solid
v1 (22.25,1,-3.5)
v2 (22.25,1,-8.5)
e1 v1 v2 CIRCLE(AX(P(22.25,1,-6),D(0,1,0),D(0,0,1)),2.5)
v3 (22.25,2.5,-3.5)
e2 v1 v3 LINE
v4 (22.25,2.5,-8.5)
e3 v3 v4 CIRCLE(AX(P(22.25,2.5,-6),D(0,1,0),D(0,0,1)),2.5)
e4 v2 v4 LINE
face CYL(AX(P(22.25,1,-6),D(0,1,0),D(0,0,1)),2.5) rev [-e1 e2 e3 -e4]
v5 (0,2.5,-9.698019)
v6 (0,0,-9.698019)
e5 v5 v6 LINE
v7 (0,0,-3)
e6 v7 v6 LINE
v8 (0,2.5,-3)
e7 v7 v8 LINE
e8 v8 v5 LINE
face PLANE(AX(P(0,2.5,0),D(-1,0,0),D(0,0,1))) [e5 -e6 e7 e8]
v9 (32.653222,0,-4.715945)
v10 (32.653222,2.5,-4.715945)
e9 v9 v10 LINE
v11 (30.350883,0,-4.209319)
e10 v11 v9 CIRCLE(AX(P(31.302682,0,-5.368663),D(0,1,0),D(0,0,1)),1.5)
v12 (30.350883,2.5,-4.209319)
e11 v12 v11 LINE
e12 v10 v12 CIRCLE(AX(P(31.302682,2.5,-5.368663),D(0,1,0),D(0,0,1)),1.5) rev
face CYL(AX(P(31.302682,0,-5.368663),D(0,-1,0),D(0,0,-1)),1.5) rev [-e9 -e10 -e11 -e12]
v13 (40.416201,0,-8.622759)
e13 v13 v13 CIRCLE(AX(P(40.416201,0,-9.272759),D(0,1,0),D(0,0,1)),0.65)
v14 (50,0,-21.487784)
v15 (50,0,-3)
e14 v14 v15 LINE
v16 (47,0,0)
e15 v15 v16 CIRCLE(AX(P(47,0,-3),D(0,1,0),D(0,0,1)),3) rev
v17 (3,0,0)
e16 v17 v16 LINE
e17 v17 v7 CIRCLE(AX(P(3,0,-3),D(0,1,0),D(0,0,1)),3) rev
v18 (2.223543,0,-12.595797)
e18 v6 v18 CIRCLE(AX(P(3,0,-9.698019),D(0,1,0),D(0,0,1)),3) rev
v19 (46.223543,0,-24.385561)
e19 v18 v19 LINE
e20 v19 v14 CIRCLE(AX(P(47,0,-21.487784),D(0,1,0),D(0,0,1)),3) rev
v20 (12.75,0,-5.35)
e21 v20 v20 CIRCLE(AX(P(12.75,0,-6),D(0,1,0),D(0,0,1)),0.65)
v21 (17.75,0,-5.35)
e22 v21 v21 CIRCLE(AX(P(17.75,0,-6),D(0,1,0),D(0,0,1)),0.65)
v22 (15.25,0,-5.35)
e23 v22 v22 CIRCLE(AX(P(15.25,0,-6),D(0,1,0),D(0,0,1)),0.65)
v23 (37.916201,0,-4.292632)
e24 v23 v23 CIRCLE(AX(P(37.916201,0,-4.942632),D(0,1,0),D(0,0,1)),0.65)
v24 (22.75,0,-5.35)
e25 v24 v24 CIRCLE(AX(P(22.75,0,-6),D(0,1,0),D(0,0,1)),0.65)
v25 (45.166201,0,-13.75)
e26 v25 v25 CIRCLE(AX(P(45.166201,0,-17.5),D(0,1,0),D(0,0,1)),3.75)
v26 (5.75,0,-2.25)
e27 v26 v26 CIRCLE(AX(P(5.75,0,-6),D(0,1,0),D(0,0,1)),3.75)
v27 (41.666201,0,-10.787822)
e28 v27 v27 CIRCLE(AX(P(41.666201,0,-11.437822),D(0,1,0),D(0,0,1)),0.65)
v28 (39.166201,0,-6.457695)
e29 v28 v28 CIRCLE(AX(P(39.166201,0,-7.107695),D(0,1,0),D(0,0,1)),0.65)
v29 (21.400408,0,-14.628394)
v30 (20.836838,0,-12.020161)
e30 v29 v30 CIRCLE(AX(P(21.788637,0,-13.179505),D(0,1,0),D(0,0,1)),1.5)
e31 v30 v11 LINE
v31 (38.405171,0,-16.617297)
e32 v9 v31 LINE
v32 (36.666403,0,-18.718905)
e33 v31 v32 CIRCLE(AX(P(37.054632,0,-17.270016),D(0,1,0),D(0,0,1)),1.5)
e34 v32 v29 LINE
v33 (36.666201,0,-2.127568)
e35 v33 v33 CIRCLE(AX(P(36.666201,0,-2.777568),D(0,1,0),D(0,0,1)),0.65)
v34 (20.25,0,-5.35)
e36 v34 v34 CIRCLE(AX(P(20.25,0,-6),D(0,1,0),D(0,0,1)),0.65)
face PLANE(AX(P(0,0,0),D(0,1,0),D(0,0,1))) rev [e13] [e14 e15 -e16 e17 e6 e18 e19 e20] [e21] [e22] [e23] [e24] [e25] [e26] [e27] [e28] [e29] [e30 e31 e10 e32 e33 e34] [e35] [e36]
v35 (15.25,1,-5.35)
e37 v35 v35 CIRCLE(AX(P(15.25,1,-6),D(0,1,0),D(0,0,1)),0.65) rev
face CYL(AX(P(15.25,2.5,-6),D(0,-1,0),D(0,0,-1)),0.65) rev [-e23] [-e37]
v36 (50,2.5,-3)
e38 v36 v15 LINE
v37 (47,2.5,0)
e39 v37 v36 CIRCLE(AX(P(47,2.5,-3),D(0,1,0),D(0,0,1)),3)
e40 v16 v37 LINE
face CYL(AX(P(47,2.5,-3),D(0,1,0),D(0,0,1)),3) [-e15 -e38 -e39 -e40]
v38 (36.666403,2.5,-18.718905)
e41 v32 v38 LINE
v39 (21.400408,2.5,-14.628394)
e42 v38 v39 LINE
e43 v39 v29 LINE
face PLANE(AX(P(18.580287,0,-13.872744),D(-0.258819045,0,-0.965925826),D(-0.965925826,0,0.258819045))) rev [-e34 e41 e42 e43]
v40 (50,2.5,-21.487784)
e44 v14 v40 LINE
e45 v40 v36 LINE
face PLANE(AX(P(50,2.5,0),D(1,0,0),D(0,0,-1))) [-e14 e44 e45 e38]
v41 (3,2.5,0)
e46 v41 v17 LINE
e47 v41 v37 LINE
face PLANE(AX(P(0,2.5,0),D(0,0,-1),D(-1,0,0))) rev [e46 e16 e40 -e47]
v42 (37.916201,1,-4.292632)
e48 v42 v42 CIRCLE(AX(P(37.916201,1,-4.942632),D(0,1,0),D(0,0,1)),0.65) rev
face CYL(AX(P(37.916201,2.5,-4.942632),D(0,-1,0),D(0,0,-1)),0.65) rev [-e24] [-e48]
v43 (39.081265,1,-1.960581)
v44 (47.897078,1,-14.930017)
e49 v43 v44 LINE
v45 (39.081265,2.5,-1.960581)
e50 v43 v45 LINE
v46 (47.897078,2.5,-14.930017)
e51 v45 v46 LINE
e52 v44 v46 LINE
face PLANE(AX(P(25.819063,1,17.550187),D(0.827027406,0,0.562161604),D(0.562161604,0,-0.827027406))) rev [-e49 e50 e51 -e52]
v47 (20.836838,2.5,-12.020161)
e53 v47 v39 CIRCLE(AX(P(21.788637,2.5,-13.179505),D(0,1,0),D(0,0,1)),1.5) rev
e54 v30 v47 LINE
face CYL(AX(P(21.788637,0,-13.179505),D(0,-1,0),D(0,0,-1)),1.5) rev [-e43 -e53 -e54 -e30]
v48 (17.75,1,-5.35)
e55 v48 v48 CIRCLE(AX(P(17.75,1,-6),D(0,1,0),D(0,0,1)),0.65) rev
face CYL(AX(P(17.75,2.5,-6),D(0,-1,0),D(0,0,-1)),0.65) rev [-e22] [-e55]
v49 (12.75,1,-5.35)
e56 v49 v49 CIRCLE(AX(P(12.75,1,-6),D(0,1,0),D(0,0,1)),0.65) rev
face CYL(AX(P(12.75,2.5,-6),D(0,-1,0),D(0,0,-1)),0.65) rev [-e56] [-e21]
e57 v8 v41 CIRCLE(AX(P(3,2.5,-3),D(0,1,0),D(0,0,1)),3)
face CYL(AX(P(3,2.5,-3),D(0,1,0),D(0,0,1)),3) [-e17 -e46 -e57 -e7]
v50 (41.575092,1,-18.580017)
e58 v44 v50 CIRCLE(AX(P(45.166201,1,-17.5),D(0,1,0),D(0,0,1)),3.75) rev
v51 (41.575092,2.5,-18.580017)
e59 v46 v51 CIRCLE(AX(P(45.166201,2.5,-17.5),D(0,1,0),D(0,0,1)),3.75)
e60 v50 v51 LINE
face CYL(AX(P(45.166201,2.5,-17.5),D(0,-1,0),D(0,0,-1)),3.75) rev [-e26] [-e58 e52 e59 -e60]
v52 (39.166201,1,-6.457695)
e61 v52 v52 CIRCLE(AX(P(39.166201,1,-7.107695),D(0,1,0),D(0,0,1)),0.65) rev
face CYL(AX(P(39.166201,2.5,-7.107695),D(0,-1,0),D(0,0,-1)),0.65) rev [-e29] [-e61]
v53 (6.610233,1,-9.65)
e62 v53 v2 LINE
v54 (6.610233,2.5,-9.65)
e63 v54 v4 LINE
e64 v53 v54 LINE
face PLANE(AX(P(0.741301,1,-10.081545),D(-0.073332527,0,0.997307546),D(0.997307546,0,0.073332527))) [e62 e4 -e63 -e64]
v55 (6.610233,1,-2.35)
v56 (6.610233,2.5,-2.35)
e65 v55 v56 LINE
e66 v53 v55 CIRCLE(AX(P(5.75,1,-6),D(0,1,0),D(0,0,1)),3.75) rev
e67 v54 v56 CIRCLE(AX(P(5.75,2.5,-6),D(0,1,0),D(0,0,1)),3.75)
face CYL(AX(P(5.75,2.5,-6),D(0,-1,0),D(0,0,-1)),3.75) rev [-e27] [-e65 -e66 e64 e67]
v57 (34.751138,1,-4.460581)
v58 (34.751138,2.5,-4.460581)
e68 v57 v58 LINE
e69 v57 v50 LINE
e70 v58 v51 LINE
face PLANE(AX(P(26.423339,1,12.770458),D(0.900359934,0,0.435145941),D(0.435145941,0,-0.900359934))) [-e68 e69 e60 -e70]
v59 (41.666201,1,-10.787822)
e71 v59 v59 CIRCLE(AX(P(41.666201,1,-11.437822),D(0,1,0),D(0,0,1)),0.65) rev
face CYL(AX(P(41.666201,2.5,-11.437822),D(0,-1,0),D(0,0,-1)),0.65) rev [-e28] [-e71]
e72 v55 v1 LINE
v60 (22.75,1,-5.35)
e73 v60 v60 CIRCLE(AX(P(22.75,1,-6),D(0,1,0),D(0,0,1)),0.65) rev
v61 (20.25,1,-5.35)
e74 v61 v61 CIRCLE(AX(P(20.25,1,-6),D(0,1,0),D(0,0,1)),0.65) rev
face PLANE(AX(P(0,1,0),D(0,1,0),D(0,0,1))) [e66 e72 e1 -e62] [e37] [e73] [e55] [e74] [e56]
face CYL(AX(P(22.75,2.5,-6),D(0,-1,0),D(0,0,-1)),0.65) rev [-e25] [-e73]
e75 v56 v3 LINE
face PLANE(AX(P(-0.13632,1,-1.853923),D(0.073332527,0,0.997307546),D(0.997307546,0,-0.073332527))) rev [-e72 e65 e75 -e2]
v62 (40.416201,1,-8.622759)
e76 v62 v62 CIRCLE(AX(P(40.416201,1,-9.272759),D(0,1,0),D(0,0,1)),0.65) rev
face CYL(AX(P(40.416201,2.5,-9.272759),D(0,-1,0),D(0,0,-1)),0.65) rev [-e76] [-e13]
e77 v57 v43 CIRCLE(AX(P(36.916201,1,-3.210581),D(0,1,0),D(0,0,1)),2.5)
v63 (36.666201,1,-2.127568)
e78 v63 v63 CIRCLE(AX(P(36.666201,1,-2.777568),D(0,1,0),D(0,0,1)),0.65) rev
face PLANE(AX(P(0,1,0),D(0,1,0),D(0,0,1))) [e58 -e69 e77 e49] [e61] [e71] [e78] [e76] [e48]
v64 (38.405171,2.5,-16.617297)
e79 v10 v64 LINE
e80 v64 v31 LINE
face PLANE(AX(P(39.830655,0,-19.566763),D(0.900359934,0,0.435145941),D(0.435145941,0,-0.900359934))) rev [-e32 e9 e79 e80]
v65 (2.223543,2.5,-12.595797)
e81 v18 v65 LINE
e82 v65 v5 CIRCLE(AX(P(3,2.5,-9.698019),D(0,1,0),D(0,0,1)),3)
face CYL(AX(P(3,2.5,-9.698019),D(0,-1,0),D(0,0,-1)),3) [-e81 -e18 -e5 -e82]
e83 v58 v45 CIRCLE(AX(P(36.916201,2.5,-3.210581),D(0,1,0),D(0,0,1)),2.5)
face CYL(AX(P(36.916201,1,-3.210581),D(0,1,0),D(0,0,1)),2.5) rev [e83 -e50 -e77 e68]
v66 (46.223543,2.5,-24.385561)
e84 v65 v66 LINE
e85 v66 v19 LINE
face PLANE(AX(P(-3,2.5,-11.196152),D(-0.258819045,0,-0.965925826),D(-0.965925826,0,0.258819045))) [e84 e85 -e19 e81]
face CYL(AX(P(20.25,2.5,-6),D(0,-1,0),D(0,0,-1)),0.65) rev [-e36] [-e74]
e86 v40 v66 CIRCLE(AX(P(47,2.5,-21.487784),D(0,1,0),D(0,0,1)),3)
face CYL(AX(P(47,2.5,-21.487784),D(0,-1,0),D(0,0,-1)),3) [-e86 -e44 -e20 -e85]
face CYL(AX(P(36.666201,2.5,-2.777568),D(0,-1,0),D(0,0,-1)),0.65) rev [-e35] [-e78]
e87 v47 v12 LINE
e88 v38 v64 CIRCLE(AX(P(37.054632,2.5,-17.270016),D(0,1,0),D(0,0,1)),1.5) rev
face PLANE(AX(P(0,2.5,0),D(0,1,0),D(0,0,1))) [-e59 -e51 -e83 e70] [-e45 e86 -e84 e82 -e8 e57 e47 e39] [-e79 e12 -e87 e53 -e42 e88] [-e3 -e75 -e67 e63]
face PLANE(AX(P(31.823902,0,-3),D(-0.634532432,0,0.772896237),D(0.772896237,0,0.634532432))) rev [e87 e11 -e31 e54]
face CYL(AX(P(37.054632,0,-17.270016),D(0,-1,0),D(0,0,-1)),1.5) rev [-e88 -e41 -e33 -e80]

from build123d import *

# Parameters (mm, degrees)
SKETCH1_R           = 3.75
SKETCH1_R_2         = 0.65
BOSS_EXTRUDE1_DEPTH = 2.5
CUT_EXTRUDE1_START  = -1.5
SKETCH2_R           = 0.65
CUT_EXTRUDE1_DEPTH  = 1.5
FILLET1_R           = 3
CUT_EXTRUDE3_DEPTH  = 56.730615831
FILLET2_R           = 1.5


with BuildPart() as part:
    # Sketch1 → Boss-Extrude1 (new body)
    with BuildSketch(Plane(origin=(0, 0, 0), x_dir=(1, 0, 0), z_dir=(0, 1, 0))):
        Polygon((0, 0), (0, 12), (50, 25.397459622), (50, 0), align=None)
        with Locations(Location((5.75, 6, 0), (0, 0, 270))):
            Circle(SKETCH1_R, mode=Mode.SUBTRACT)
        with Locations(Location((22.75, 6, 0), (0, 0, 270))):
            Circle(SKETCH1_R_2, mode=Mode.SUBTRACT)
        with Locations(Location((45.166201183, 17.5, 0), (0, 0, 270))):
            Circle(SKETCH1_R, mode=Mode.SUBTRACT)
        with Locations(Location((36.666201183, 2.777568136, 0), (0, 0, 270))):
            Circle(SKETCH1_R_2, mode=Mode.SUBTRACT)
        with Locations(Location((37.916201183, 4.942631645, 0), (0, 0, 270))):
            Circle(SKETCH1_R_2, mode=Mode.SUBTRACT)
        with Locations(Location((39.166201183, 7.107695155, 0), (0, 0, 270))):
            Circle(SKETCH1_R_2, mode=Mode.SUBTRACT)
        with Locations(Location((40.416201183, 9.272758664, 0), (0, 0, 270))):
            Circle(SKETCH1_R_2, mode=Mode.SUBTRACT)
        with Locations(Location((41.666201183, 11.437822174, 0), (0, 0, 270))):
            Circle(SKETCH1_R_2, mode=Mode.SUBTRACT)
        with Locations(Location((20.25, 6, 0), (0, 0, 270))):
            Circle(SKETCH1_R_2, mode=Mode.SUBTRACT)
        with Locations(Location((17.75, 6, 0), (0, 0, 270))):
            Circle(SKETCH1_R_2, mode=Mode.SUBTRACT)
        with Locations(Location((15.25, 6, 0), (0, 0, 270))):
            Circle(SKETCH1_R_2, mode=Mode.SUBTRACT)
        with Locations(Location((12.75, 6, 0), (0, 0, 270))):
            Circle(SKETCH1_R_2, mode=Mode.SUBTRACT)
    extrude(amount=BOSS_EXTRUDE1_DEPTH)

    # Sketch2 → Cut-Extrude1 (cut)
    # profile 1 of 3: a face of its own
    with BuildSketch(Plane(origin=(0, 2.5, 0), x_dir=(1, 0, 0), z_dir=(0, 1, 0)).offset(CUT_EXTRUDE1_START)):
        with BuildLine():
            Line((22.25, 8.5), (6.610232527, 9.65))
            ThreePointArc((6.610232527, 9.65), (8.690099656, 8.32772722), (9.5, 6))
            ThreePointArc((9.5, 6), (8.690099656, 3.67227278), (6.610232527, 2.35))
            Line((6.610232527, 2.35), (22.25, 3.5))
            ThreePointArc((22.25, 3.5), (24.75, 6), (22.25, 8.5))
        make_face()
        with Locations(Location((12.75, 6, 0), (0, 0, 270))):
            Circle(SKETCH2_R, mode=Mode.SUBTRACT)
        with Locations(Location((15.25, 6, 0), (0, 0, 270))):
            Circle(SKETCH2_R, mode=Mode.SUBTRACT)
        with Locations(Location((17.75, 6, 0), (0, 0, 270))):
            Circle(SKETCH2_R, mode=Mode.SUBTRACT)
        with Locations(Location((20.25, 6, 0), (0, 0, 270))):
            Circle(SKETCH2_R, mode=Mode.SUBTRACT)
        with Locations(Location((22.75, 6, 0), (0, 0, 270))):
            Circle(SKETCH2_R, mode=Mode.SUBTRACT)
    # profile 2 of 3: a face of its own
    with BuildSketch(Plane(origin=(0, 2.5, 0), x_dir=(1, 0, 0), z_dir=(0, 1, 0)).offset(CUT_EXTRUDE1_START)):
        with BuildLine():
            ThreePointArc((47.897077643, 14.930016779), (45.712022261, 13.789935398), (43.291201183, 14.252404736))
            Line((43.291201183, 14.252404736), (41.991201183, 12.000738686))
            ThreePointArc((41.991201183, 12.000738686), (42.229117695, 11.762822174), (42.316201183, 11.437822174))
            ThreePointArc((42.316201183, 11.437822174), (41.991201183, 10.874905661), (41.341201183, 10.874905661))
            Line((41.341201183, 10.874905661), (40.741201183, 9.835675177))
            ThreePointArc((40.741201183, 9.835675177), (40.979117695, 9.597758664), (41.066201183, 9.272758664))
            ThreePointArc((41.066201183, 9.272758664), (40.741201183, 8.709842152), (40.091201183, 8.709842152))
            Line((40.091201183, 8.709842152), (39.491201183, 7.670611667))
            ThreePointArc((39.491201183, 7.670611667), (39.729117695, 7.432695155), (39.816201183, 7.107695155))
            ThreePointArc((39.816201183, 7.107695155), (39.491201183, 6.544778642), (38.841201183, 6.544778642))
            Line((38.841201183, 6.544778642), (38.241201183, 5.505548158))
            ThreePointArc((38.241201183, 5.505548158), (38.479117695, 5.267631645), (38.566201183, 4.942631645))
            ThreePointArc((38.566201183, 4.942631645), (38.241201183, 4.379715133), (37.591201183, 4.379715133))
            Line((37.591201183, 4.379715133), (36.991201183, 3.340484648))
            ThreePointArc((36.991201183, 3.340484648), (37.229117695, 3.102568136), (37.316201183, 2.777568136))
            ThreePointArc((37.316201183, 2.777568136), (36.991201183, 2.214651623), (36.341201183, 2.214651623))
            Line((36.341201183, 2.214651623), (35.666201183, 1.045517328))
            ThreePointArc((35.666201183, 1.045517328), (37.563248796, 0.795766272), (39.081264692, 1.960580838))
            Line((39.081264692, 1.960580838), (47.897077643, 14.930016779))
        make_face()
    # profile 3 of 3: a face of its own
    with BuildSketch(Plane(origin=(0, 2.5, 0), x_dir=(1, 0, 0), z_dir=(0, 1, 0)).offset(CUT_EXTRUDE1_START)):
        with BuildLine():
            Line((41.991201183, 12.000738686), (43.291201183, 14.252404736))
            ThreePointArc((43.291201183, 14.252404736), (41.680280449, 16.117662618), (41.575092196, 18.580016779))
            Line((41.575092196, 18.580016779), (34.751137673, 4.460580838))
            ThreePointArc((34.751137673, 4.460580838), (34.501386617, 2.563533225), (35.666201183, 1.045517328))
            Line((35.666201183, 1.045517328), (36.341201183, 2.214651623))
            ThreePointArc((36.341201183, 2.214651623), (36.10328467, 3.102568136), (36.991201183, 3.340484648))
            Line((36.991201183, 3.340484648), (37.591201183, 4.379715133))
            ThreePointArc((37.591201183, 4.379715133), (37.35328467, 5.267631645), (38.241201183, 5.505548158))
            Line((38.241201183, 5.505548158), (38.841201183, 6.544778642))
            ThreePointArc((38.841201183, 6.544778642), (38.60328467, 7.432695155), (39.491201183, 7.670611667))
            Line((39.491201183, 7.670611667), (40.091201183, 8.709842152))
            ThreePointArc((40.091201183, 8.709842152), (39.85328467, 9.597758664), (40.741201183, 9.835675177))
            Line((40.741201183, 9.835675177), (41.341201183, 10.874905661))
            ThreePointArc((41.341201183, 10.874905661), (41.10328467, 11.762822174), (41.991201183, 12.000738686))
        make_face()
    extrude(amount=CUT_EXTRUDE1_DEPTH, mode=Mode.SUBTRACT)

    # Fillet1
    fillet1_edges = [part.edges().sort_by_distance(p)[0] for p in [
        (50, 1.25, 0),
        (0, 1.25, 0),
        (0, 1.25, -12),
        (50, 1.25, -25.397459622),
    ]]
    fillet(fillet1_edges, radius=FILLET1_R)

    # Sketch3 → Cut-Extrude3 (cut, through all)
    with BuildSketch(Plane(origin=(0, 2.5, 0), x_dir=(1, 0, 0), z_dir=(0, 1, 0))):
        Polygon((18.580286951, 13.872744342), (39.830655129, 19.566763335), (31.823901882, 3), align=None)
    extrude(amount=-CUT_EXTRUDE3_DEPTH, mode=Mode.SUBTRACT)

    # Fillet2
    fillet2_edges = [part.edges().sort_by_distance(p)[0] for p in [
        (31.823901882, 1.25, -3),
        (18.580286951, 1.25, -13.872744342),
        (39.830655129, 1.25, -19.566763335),
    ]]
    fillet(fillet2_edges, radius=FILLET2_R)


solid = part.part
